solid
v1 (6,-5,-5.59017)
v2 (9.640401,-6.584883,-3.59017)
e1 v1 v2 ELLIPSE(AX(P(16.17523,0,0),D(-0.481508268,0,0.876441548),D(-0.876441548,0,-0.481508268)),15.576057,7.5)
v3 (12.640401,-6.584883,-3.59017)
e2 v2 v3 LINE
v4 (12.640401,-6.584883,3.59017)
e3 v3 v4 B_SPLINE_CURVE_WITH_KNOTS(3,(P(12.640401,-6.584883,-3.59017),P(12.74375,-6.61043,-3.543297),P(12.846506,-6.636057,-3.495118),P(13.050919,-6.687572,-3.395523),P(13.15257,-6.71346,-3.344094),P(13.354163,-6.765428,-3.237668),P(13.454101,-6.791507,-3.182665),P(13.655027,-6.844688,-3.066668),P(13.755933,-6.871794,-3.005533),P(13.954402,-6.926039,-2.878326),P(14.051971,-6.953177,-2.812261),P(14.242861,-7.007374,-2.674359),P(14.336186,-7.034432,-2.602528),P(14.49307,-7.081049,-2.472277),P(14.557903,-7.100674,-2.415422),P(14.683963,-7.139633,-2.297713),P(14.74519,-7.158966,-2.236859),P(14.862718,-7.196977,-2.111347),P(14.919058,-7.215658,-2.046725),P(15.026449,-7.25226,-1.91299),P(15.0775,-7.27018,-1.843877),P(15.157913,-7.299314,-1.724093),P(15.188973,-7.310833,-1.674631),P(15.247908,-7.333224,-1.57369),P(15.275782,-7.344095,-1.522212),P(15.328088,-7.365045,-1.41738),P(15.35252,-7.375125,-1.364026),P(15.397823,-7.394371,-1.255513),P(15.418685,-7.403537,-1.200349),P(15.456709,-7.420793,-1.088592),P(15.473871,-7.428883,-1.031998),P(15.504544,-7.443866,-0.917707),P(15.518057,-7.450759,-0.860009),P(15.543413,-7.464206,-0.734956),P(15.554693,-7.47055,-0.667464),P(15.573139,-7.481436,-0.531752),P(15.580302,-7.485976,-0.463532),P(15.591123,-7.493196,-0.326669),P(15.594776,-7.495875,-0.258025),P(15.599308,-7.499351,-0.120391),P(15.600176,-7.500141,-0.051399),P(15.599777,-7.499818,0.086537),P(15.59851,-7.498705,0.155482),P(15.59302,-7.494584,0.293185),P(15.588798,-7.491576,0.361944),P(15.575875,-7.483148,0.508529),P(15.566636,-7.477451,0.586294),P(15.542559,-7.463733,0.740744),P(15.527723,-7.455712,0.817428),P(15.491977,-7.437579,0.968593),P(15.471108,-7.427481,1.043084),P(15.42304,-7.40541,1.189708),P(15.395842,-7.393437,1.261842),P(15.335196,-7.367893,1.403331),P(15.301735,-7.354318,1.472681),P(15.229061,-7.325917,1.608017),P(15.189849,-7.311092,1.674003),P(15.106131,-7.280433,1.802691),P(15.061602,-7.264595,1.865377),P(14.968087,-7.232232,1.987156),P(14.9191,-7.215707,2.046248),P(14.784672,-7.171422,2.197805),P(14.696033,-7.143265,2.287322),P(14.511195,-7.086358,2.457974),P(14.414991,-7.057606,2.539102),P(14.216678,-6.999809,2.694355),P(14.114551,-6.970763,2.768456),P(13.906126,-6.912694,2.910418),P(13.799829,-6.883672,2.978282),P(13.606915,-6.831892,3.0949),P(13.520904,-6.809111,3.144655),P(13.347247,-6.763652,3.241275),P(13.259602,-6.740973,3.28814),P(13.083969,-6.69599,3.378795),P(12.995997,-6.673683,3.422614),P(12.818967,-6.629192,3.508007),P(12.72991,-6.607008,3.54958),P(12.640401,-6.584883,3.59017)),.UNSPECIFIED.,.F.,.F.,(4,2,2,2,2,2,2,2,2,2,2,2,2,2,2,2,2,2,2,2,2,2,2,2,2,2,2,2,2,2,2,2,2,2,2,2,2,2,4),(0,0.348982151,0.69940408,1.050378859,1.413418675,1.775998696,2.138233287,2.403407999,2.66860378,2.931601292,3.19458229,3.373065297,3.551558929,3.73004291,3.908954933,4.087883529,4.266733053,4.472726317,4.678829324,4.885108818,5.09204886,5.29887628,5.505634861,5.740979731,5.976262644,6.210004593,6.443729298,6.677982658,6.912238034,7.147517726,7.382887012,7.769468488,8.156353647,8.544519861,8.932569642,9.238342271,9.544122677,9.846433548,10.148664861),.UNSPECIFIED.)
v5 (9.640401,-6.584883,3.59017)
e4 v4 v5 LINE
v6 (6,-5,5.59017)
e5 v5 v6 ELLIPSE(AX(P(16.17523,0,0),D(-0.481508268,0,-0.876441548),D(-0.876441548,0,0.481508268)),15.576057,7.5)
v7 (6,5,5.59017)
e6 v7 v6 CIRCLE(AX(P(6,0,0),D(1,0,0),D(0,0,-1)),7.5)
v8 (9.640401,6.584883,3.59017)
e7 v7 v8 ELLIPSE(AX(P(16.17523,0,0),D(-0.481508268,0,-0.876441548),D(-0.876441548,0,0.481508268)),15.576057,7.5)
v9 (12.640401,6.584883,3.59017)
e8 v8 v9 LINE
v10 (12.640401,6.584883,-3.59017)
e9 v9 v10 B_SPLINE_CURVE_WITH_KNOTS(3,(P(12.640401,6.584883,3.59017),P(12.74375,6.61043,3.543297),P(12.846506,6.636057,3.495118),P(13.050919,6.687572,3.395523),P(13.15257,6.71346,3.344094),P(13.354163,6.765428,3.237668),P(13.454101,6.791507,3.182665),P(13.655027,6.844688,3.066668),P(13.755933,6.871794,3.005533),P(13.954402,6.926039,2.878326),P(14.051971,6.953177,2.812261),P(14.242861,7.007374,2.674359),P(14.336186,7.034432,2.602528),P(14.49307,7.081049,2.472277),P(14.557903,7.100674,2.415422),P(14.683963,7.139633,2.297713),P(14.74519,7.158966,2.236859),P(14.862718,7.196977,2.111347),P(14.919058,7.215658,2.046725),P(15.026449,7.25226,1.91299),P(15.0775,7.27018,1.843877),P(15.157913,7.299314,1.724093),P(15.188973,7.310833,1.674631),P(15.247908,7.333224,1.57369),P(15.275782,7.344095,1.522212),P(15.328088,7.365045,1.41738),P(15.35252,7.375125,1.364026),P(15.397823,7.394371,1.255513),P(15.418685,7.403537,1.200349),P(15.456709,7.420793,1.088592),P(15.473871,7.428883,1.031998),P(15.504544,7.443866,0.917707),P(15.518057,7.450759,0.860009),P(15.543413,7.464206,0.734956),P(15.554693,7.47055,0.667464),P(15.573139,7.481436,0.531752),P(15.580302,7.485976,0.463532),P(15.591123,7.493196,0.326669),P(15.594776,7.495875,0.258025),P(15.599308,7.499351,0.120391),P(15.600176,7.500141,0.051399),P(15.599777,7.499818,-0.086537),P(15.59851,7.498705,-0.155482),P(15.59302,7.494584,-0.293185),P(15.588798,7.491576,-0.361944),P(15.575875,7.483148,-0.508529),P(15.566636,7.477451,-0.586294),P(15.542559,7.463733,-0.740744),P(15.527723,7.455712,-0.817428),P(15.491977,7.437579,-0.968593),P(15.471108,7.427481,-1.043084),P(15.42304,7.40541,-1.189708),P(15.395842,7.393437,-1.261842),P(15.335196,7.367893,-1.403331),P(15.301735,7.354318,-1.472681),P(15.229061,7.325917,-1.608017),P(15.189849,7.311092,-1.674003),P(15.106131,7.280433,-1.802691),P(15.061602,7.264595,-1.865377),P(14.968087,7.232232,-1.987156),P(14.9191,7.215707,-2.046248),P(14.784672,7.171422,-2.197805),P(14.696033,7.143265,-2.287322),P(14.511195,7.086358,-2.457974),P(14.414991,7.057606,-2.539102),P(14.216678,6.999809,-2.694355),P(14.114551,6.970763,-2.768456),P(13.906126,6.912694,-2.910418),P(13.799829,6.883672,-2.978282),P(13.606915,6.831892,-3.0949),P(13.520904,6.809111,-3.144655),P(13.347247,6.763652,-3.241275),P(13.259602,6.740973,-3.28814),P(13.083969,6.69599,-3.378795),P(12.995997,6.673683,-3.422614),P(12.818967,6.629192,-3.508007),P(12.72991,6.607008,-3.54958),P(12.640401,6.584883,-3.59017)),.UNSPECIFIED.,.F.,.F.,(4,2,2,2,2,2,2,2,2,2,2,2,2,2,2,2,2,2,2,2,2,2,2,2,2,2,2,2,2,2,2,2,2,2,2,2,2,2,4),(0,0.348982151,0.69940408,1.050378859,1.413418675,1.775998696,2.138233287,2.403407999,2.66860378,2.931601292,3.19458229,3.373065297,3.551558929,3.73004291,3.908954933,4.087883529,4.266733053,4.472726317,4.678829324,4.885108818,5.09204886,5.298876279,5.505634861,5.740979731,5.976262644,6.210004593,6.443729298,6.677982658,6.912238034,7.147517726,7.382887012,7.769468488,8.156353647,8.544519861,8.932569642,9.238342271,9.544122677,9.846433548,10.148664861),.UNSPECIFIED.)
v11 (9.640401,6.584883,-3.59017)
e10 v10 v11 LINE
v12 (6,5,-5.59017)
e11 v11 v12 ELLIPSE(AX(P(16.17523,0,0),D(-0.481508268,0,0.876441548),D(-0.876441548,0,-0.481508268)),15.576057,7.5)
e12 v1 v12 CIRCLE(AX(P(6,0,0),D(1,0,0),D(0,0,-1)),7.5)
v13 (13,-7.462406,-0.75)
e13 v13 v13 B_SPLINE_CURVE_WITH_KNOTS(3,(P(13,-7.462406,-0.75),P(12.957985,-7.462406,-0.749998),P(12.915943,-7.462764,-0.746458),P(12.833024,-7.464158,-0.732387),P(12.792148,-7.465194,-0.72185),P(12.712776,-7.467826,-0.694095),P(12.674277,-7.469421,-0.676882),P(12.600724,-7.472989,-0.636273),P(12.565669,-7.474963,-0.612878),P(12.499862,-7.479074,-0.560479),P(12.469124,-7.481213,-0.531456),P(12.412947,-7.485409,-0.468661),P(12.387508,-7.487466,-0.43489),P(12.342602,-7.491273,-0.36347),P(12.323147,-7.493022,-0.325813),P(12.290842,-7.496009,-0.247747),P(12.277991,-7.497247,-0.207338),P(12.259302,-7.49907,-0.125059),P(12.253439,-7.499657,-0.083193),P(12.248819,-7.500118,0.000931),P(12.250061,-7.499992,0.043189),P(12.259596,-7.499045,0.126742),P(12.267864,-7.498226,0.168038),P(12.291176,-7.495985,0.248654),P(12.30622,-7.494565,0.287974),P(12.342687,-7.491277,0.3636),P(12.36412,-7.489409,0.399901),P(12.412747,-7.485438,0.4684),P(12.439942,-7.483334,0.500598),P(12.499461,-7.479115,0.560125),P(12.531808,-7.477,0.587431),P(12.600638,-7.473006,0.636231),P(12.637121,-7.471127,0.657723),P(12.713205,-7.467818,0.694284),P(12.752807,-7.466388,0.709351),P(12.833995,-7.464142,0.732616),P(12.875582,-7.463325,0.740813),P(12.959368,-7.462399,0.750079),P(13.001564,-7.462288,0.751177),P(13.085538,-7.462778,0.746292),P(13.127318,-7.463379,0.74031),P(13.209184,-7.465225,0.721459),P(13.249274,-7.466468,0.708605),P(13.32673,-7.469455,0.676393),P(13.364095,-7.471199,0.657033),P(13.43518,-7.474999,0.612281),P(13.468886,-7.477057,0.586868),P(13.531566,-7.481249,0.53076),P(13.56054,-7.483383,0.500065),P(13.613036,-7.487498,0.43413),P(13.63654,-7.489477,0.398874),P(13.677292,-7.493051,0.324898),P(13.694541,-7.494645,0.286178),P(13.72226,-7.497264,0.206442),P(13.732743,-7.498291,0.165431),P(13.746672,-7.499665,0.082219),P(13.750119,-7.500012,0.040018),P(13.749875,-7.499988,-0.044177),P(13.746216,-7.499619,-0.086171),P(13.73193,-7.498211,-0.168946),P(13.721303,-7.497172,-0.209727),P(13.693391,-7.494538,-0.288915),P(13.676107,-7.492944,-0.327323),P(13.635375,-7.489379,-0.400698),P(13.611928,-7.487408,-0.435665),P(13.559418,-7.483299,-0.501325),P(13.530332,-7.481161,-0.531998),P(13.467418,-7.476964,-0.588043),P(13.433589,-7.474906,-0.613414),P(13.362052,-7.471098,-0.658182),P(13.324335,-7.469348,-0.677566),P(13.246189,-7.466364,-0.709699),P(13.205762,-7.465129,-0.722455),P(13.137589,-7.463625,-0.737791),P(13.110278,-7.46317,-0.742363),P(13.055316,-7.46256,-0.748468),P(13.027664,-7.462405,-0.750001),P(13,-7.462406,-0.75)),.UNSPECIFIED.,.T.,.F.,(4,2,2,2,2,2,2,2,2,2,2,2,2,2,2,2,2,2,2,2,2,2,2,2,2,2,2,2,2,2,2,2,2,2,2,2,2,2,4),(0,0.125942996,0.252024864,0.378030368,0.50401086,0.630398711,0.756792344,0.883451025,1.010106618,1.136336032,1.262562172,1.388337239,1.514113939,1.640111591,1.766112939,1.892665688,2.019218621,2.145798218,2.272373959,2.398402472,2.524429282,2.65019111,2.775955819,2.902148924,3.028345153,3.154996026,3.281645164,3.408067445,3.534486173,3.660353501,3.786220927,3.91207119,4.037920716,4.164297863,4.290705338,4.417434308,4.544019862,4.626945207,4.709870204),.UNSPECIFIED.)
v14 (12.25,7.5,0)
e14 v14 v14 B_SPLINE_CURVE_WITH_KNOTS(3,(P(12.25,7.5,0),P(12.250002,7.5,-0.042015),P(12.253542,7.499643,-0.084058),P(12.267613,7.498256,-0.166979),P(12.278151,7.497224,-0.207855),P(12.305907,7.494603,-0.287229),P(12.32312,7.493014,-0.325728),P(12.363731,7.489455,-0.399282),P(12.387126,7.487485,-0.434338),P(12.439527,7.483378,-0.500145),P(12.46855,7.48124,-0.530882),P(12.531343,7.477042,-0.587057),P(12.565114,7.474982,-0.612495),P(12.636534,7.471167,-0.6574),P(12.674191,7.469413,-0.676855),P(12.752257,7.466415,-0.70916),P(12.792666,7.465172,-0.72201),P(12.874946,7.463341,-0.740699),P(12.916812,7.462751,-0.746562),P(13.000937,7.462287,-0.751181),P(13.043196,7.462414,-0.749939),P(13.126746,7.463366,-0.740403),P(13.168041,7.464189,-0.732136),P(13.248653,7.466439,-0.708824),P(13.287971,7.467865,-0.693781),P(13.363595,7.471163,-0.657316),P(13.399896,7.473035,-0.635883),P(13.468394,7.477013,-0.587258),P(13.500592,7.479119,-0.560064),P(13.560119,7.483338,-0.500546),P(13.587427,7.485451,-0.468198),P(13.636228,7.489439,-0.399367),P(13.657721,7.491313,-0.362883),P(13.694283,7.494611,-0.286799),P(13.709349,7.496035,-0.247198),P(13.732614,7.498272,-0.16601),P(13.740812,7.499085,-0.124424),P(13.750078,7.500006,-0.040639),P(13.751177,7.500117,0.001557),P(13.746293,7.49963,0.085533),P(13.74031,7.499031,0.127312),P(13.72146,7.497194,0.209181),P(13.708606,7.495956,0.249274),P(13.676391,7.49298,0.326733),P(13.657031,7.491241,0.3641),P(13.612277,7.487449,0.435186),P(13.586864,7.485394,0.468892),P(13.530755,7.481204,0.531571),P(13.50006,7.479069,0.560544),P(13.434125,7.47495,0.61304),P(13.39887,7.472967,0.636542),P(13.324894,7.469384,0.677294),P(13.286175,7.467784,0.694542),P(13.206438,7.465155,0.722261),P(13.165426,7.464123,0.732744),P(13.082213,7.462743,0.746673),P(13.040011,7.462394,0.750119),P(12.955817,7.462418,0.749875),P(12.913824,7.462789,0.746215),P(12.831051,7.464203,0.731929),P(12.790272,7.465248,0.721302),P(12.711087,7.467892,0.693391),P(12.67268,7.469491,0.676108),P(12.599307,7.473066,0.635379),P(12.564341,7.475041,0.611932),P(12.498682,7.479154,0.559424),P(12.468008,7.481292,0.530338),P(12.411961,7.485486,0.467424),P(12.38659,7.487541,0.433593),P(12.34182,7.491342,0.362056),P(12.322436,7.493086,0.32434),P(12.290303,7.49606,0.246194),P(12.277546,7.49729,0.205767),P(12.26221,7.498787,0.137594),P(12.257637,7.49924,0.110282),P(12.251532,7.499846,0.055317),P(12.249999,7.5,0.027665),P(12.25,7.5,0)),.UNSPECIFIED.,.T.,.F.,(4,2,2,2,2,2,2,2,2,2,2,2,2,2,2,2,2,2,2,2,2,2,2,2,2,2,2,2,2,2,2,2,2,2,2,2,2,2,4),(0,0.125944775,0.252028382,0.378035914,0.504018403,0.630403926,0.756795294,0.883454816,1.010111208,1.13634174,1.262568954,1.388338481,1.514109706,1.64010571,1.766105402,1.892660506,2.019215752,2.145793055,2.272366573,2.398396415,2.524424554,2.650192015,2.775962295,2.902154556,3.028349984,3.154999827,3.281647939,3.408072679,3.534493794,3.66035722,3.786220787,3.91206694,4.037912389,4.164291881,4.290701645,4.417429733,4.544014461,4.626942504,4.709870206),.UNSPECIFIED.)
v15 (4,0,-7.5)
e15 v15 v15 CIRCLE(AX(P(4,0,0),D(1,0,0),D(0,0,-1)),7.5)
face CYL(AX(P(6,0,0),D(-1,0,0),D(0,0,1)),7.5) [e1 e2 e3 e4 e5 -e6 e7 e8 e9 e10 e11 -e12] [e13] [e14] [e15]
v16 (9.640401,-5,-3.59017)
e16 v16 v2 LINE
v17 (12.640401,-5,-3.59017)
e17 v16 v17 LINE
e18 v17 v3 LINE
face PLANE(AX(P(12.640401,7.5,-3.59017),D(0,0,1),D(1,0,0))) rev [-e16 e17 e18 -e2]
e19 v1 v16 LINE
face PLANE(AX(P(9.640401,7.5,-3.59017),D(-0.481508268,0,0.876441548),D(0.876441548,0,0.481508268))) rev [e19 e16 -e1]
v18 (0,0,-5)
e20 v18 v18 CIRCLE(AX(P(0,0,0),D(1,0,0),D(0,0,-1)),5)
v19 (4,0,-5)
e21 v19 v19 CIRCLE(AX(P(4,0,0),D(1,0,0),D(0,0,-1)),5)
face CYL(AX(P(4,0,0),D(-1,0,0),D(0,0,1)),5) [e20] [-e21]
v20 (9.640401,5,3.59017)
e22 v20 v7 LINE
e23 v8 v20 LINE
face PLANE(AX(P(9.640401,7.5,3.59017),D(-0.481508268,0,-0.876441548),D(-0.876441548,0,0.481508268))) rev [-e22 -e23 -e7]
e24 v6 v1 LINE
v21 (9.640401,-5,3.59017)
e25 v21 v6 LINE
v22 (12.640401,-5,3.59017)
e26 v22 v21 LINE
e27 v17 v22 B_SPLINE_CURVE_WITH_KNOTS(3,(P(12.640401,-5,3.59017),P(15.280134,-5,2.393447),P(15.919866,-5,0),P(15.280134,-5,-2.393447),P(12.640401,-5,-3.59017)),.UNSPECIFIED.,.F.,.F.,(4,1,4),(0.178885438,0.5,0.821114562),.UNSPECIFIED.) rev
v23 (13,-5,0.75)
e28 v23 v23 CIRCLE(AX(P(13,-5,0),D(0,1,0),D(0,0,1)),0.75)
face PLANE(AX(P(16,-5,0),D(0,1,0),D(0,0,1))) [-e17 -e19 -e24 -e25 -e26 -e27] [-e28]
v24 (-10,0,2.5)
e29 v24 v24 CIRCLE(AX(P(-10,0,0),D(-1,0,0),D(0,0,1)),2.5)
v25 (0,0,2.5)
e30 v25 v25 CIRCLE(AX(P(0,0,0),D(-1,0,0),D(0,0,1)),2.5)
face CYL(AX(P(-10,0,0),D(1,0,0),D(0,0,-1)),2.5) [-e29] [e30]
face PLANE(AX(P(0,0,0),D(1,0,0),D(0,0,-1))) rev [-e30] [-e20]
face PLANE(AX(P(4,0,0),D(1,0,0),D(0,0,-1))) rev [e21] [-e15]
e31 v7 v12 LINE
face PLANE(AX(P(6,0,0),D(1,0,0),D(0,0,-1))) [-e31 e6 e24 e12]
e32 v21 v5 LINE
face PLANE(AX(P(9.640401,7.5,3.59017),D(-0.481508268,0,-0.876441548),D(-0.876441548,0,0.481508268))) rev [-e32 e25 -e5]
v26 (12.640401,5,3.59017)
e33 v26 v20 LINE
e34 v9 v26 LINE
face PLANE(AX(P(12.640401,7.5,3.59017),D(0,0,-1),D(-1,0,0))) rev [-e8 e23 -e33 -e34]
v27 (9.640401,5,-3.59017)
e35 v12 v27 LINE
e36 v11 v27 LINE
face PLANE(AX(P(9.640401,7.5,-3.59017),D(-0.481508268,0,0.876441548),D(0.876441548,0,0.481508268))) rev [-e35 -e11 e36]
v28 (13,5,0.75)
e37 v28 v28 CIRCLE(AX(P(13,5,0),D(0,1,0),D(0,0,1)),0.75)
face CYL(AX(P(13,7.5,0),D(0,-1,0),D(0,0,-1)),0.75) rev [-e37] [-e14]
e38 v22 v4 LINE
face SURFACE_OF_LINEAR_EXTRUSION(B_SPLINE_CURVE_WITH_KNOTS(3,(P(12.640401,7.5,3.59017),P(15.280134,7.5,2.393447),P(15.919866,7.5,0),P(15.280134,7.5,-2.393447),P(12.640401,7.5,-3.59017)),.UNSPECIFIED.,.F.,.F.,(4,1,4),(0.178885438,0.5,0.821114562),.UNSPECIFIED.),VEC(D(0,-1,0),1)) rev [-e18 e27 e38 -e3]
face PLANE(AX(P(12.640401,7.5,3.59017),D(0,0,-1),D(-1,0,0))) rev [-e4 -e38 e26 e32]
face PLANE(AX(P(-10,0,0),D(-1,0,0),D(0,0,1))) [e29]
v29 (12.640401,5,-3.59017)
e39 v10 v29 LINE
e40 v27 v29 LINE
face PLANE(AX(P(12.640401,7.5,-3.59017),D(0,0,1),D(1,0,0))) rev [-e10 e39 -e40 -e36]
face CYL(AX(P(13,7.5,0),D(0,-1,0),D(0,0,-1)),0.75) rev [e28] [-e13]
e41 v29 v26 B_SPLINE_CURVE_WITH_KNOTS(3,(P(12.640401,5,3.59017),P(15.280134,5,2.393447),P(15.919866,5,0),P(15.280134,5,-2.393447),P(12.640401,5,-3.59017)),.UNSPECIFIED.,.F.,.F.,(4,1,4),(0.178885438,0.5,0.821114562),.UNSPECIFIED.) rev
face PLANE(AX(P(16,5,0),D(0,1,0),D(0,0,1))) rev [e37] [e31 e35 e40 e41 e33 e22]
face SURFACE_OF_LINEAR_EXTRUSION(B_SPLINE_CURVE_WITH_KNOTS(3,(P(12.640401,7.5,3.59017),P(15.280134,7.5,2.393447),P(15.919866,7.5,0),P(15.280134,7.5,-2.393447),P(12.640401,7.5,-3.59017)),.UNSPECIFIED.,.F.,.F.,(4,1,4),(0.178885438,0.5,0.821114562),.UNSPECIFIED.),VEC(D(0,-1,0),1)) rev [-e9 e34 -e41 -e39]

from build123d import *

# Parameters (mm, degrees)
SKETCH1_R               = 5
BOSS_EXTRUDE1_DEPTH     = 4
SKETCH2_R               = 7.5
BOSS_EXTRUDE2_DEPTH     = 2
BOSS_EXTRUDE3_DEPTH     = 10
CUT_EXTRUDE1_DEPTH      = 22.644860822
CUT_EXTRUDE1_DEPTH_BACK = 22.644860822
CUT_EXTRUDE2_DEPTH      = 22.350878369
CUT_EXTRUDE2_DEPTH_BACK = 22.350878369
SKETCH5_R               = 0.75
SKETCH6_R               = 2.5
BOSS_EXTRUDE4_DEPTH     = 10


with BuildPart() as part:
    # Sketch1 → Boss-Extrude1 (new body)
    with BuildSketch(Plane(origin=(0, 0, 0), x_dir=(0, 0, -1), z_dir=(1, 0, 0))):
        Circle(SKETCH1_R)
    extrude(amount=BOSS_EXTRUDE1_DEPTH)

    # Sketch2 → Boss-Extrude2 (add)
    with BuildSketch(Plane(origin=(4, 0, 0), x_dir=(0, 0, -1), z_dir=(1, 0, 0))):
        Circle(SKETCH2_R)
    extrude(amount=BOSS_EXTRUDE2_DEPTH)

    # Sketch3 → Boss-Extrude3 (add)
    with BuildSketch(Plane(origin=(6, 0, 0), x_dir=(0, 0, -1), z_dir=(1, 0, 0))):
        with BuildLine():
            ThreePointArc((5.590169944, 5), (0, 7.5), (-5.590169944, 5))
            Line((-5.590169944, 5), (-4.898979486, 5))
            Line((-4.898979486, 5), (4.898979486, 5))
            Line((4.898979486, 5), (5.590169944, 5))
        make_face()
        with BuildLine():
            Line((-4.898979486, -5), (-5.590169944, -5))
            ThreePointArc((-5.590169944, -5), (0, -7.5), (5.590169944, -5))
            Line((5.590169944, -5), (4.898979486, -5))
            Line((4.898979486, -5), (-4.898979486, -5))
        make_face()
    extrude(amount=BOSS_EXTRUDE3_DEPTH)

    # Sketch4 → Cut-Extrude1 (cut, two sides: drawn at the far end of the back side and taken through both)
    with BuildSketch(Plane.XZ.offset(-5).offset(-CUT_EXTRUDE1_DEPTH_BACK)):
        with BuildLine():
            Line((6, 5.590169944), (16, 5.590169944))
            Line((16, 5.590169944), (16, -5.590169944))
            Line((16, -5.590169944), (6, -5.590169944))
            Line((6, -5.590169944), (9.640400827, -3.590169944))
            Line((9.640400827, -3.590169944), (12.640400827, -3.590169944))
            add(Edge.make_bspline(
                [(12.640400827, -3.590169944), (15.280133609, -2.393446629), (15.919866391, 0), (15.280133609, 2.393446629), (12.640400827, 3.590169944)],
                knots=[0.178885438, 0.178885438, 0.178885438, 0.178885438, 0.5, 0.821114562, 0.821114562, 0.821114562, 0.821114562], degree=3))
            Line((12.640400827, 3.590169944), (9.640400827, 3.590169944))
            Line((9.640400827, 3.590169944), (6, 5.590169944))
        make_face()
    extrude(amount=CUT_EXTRUDE1_DEPTH + CUT_EXTRUDE1_DEPTH_BACK, mode=Mode.SUBTRACT)

    # Sketch5 → Cut-Extrude2 (cut, two sides: drawn at the far end of the back side and taken through both)
    with BuildSketch(Plane.XZ.offset(-5).offset(-CUT_EXTRUDE2_DEPTH_BACK)):
        with Locations(Location((13, 0, 0), (0, 0, 270))):
            Circle(SKETCH5_R)
    extrude(amount=CUT_EXTRUDE2_DEPTH + CUT_EXTRUDE2_DEPTH_BACK, mode=Mode.SUBTRACT)

    # Sketch6 → Boss-Extrude4 (add)
    with BuildSketch(Plane.ZY):
        Circle(SKETCH6_R)
    extrude(amount=BOSS_EXTRUDE4_DEPTH)


solid = part.part
